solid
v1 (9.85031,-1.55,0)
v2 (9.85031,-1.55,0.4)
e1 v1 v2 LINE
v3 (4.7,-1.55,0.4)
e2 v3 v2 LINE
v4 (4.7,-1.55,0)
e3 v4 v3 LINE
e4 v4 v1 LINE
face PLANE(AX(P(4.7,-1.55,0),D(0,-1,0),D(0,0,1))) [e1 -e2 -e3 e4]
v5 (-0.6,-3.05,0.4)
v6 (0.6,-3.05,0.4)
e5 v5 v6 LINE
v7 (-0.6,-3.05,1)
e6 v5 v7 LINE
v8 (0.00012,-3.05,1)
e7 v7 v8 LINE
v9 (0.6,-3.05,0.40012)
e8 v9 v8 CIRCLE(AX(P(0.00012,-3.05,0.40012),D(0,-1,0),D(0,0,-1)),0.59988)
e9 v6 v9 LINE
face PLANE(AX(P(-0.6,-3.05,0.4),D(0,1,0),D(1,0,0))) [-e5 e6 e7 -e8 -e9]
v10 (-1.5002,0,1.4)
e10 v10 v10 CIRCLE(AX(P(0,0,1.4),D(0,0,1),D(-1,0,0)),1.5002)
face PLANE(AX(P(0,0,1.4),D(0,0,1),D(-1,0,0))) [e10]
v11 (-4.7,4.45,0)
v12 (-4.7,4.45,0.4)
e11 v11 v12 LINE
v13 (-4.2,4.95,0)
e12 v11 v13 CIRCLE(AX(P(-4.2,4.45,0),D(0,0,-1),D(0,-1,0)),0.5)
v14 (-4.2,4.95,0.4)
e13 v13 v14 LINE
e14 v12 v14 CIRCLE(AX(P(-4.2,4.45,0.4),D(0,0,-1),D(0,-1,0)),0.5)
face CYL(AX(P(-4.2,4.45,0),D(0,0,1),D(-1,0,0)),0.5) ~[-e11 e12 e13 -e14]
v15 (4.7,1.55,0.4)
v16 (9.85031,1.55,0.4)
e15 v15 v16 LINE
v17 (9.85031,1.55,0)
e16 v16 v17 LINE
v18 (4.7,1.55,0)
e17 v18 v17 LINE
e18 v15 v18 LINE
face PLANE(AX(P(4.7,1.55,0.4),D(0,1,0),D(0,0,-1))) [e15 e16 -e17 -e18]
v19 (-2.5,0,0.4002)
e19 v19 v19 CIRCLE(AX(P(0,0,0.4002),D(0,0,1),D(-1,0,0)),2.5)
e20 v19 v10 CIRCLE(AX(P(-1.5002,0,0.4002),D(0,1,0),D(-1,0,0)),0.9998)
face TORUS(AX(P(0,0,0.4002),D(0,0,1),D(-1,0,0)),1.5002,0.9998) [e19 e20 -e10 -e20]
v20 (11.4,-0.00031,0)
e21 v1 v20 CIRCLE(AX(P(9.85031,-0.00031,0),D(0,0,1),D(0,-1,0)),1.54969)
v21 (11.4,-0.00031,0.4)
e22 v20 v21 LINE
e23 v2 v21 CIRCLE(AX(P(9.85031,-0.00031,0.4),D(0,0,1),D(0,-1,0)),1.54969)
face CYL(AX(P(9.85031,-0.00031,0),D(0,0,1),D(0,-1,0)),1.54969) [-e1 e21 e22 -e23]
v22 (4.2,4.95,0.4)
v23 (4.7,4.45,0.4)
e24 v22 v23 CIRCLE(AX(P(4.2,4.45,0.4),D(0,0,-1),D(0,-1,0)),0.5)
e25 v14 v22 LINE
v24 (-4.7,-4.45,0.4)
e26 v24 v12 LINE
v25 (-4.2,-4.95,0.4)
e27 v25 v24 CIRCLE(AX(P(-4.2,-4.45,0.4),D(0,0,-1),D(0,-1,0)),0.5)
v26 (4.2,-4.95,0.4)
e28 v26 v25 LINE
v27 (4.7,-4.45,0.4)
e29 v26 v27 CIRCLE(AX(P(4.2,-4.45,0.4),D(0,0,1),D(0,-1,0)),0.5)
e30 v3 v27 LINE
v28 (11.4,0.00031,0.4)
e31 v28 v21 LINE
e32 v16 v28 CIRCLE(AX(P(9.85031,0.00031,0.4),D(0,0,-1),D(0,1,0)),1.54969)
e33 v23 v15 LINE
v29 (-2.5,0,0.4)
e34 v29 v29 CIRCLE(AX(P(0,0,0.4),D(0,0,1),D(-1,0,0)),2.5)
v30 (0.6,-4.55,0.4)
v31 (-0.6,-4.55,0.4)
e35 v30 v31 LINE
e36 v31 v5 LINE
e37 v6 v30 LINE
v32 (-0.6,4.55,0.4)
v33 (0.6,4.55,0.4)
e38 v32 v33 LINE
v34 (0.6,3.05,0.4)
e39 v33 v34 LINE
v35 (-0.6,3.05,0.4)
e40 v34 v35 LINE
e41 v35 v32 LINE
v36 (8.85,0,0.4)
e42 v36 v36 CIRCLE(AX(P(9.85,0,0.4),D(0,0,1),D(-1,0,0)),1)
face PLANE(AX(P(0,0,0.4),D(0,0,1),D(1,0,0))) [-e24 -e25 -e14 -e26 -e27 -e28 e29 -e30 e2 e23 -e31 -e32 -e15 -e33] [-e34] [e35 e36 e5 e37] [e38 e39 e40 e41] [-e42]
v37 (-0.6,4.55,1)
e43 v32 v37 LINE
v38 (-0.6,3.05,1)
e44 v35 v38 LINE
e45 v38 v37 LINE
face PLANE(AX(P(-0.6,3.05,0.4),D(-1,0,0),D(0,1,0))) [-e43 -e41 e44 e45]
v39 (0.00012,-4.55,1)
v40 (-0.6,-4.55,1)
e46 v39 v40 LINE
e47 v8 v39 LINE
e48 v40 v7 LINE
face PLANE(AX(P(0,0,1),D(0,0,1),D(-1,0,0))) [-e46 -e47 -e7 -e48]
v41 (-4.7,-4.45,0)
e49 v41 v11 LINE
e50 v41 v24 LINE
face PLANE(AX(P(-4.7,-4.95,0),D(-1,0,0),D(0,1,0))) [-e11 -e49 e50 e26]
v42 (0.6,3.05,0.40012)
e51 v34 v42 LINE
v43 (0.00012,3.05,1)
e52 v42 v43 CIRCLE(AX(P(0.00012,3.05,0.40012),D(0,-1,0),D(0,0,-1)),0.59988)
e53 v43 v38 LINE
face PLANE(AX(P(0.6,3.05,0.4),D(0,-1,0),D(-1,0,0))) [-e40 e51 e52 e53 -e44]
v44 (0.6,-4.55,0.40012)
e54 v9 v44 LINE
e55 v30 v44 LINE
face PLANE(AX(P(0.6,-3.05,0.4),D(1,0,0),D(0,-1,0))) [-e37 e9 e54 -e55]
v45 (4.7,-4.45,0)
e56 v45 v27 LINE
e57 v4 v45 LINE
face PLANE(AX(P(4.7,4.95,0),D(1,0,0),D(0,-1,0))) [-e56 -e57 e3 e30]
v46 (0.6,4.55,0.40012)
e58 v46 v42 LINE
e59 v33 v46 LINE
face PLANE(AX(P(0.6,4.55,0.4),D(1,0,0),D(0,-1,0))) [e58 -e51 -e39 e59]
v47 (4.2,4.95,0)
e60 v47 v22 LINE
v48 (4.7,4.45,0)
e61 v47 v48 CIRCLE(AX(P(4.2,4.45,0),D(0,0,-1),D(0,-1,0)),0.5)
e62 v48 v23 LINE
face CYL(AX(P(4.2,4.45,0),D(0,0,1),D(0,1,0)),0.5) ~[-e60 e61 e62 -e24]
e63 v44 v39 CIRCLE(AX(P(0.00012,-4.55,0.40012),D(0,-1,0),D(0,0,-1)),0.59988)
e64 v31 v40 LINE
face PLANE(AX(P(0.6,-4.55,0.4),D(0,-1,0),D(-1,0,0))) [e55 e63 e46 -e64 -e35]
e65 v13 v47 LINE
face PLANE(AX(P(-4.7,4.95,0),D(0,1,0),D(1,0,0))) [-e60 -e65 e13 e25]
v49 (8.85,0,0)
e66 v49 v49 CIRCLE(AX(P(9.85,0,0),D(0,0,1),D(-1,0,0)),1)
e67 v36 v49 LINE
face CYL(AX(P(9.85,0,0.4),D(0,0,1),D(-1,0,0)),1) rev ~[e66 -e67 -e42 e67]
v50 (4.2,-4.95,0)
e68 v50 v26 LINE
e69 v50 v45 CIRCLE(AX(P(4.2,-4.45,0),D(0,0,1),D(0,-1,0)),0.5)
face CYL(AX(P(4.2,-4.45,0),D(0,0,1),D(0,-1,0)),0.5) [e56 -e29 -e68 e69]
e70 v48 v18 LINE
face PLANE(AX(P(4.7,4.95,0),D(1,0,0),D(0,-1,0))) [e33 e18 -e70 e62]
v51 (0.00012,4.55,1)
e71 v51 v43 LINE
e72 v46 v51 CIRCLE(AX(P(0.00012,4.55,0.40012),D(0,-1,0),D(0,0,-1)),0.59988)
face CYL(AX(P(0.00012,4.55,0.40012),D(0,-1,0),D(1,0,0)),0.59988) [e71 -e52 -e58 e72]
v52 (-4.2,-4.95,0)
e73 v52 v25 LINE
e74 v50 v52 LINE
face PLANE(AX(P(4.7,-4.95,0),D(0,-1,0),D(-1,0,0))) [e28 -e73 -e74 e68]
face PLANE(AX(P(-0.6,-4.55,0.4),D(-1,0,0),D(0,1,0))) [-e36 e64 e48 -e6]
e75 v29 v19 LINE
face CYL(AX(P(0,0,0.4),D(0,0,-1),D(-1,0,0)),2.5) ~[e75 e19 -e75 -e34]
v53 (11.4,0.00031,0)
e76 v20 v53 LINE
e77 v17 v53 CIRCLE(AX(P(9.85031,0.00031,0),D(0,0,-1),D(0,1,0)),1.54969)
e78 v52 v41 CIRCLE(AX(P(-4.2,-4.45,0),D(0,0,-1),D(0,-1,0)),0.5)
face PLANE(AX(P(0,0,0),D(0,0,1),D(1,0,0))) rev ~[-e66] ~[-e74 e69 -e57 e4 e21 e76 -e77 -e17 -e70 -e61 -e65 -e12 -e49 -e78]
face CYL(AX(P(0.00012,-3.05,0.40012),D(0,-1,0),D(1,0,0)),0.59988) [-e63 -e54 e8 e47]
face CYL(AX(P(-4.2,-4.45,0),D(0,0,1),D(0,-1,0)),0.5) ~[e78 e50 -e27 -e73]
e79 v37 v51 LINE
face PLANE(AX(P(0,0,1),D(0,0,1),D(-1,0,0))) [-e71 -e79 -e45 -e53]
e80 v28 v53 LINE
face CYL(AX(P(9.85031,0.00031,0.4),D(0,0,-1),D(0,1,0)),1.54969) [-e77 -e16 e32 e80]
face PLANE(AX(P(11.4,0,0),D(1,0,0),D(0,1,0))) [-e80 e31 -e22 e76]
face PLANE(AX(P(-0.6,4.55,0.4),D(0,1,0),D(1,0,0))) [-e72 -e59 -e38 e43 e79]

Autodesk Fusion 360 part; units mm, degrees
sketch "Base" plane through (0, 0, 0) normal (0, 0, 1) x (1, 0, 0) in component "Positive Connector"
  line L0 (4.7, -4.95) -> (-4.7, -4.95)
  line L1 (-4.7, -4.95) -> (-4.7, 4.95)
  line L2 (-4.7, 4.95) -> (4.7, 4.95)
  line L3 (4.7, 4.95) -> (4.7, -4.95)
  line L4 (4.7, -4.95) -> (-4.7, 4.95) construction
  line L5 (-4.7, -4.95) -> (4.7, 4.95) construction
  dimension "d1" = 9.4
  dimension "d2" = 9.9
extrude "Extrude1" add sketch "Base" along normal blind 0.4 in component "Positive Connector"
fillet "Fillet1" radius 0.5 4 edges at (4.7, -4.95, 0.2) (4.7, 4.95, 0.2) (-4.7, 4.95, 0.2) (-4.7, -4.95, 0.2) in component "Positive Connector"
sketch "Connector" plane through (4.7, 0, 0) normal (1, 0, 0) x (0, 1, 0) in component "Positive Connector"
  line L0 (4.45, 0) -> (4.45, 0.4)
  line L1 (4.45, 0.4) -> (-4.45, 0.4)
  line L2 (-4.45, 0.4) -> (-4.45, 0)
  line L3 (-4.45, 0) -> (4.45, 0)
  line L4 (-4.45, 0.2) -> (4.45, 0.2) construction
  line L5 (1.55, 0) -> (-1.55, 0)
  line L6 (-1.55, 0) -> (-1.55, 0.4)
  line L7 (-1.55, 0.4) -> (1.55, 0.4)
  line L8 (1.55, 0.4) -> (1.55, 0)
  line L9 (1.55, 0) -> (-1.55, 0.4) construction
  line L10 (-1.55, 0) -> (1.55, 0.4) construction
  point P0 (0, 0.2)
  dimension "d6" = 3.1
extrude "Extrude2" add sketch "Connector" along normal blind 6.7 contours L1 L3 L5 L6 L7 L8 in component "Positive Connector"
fillet "Fillet2" radius 1.55 2 edges at (11.4, -1.55, 0.2) (11.4, 1.55, 0.2) in component "Positive Connector"
sketch "Taps" plane through (0, 0, 0.4) normal (0, 0, 1) x (-1, 0, 0) in component "Positive Connector"
  arc A0 (-9.85, 1.55) -> (-9.85, -1.55) centre (-9.85, 0) ccw
  line L0 (-9.85, -1.55) -> (-4.7, -1.55)
  line L1 (-4.7, -1.55) -> (-4.7, -4.45)
  arc A1 (-4.7, -4.45) -> (-4.2, -4.95) centre (-4.2, -4.45) ccw
  line L2 (-4.2, -4.95) -> (4.2, -4.95)
  arc A2 (4.2, -4.95) -> (4.7, -4.45) centre (4.2, -4.45) ccw
  line L3 (4.7, -4.45) -> (4.7, 4.45)
  arc A3 (4.7, 4.45) -> (4.2, 4.95) centre (4.2, 4.45) ccw
  line L4 (4.2, 4.95) -> (-4.2, 4.95)
  arc A4 (-4.2, 4.95) -> (-4.7, 4.45) centre (-4.2, 4.45) ccw
  line L5 (-4.7, 4.45) -> (-4.7, 1.55)
  line L6 (-4.7, 1.55) -> (-9.85, 1.55)
  line L7 (4.7, 0) -> (-11.4, 0) construction
  line L8 (-9.85, -1.55) -> (-9.85, 1.55) construction
  circle A5 centre (-9.85, 0) radius 1
  line L9 (0, -4.95) -> (0, 4.95) construction
  circle A6 centre (0, 0) radius 2.5
  line L10 (-0.6, -3.05) -> (0.6, -3.05)
  line L11 (0.6, -3.05) -> (0.6, -4.55)
  line L12 (0.6, -4.55) -> (-0.6, -4.55)
  line L13 (-0.6, -4.55) -> (-0.6, -3.05)
  line L14 (-0.6, -3.05) -> (0.6, -4.55) construction
  line L15 (0.6, -3.05) -> (-0.6, -4.55) construction
  line L16 (-0.6, 4.55) -> (0.6, 4.55)
  line L17 (0.6, 4.55) -> (0.6, 3.05)
  line L18 (0.6, 3.05) -> (-0.6, 3.05)
  line L19 (-0.6, 3.05) -> (-0.6, 4.55)
  line L20 (-0.6, 4.55) -> (0.6, 3.05) construction
  line L21 (0.6, 4.55) -> (-0.6, 3.05) construction
  point P0 (0, -3.8)
  point P1 (0, 3.8)
  dimension "d10" = 1.55
  dimension "d11" = 2
  dimension "d12" = 5
  dimension "d13" = 1.2
  dimension "d14" = 1.5
  dimension "d15" = 0.4
  dimension "d16" = 1.2
  dimension "d17" = 1.5
  dimension "d18" = 0.4
extrude "Extrude3" cut sketch "Taps" against normal up to surface (0.4 mm away) contours A5 in component "Positive Connector"
extrude "Extrude4" add sketch "Taps" along normal blind 0.6 contours L10 L11 L12 L13 | L16 L17 L18 L19 in component "Positive Connector"
fillet "Fillet3" radius 0.6 2 edges at (0.6, 3.8, 1) (0.6, -3.8, 1) in component "Positive Connector"
extrude "Extrude5" add sketch "Taps" along normal blind 1 contours A6 in component "Positive Connector"
fillet "Fillet4" radius 1 1 edges at (2.3308, 0.904, 1.4) in component "Positive Connector"
component "Positive Connector" placed x (1, 0, 0) y (0, 1, 0) z (0, 0, 1) at (0, 0, 0)
